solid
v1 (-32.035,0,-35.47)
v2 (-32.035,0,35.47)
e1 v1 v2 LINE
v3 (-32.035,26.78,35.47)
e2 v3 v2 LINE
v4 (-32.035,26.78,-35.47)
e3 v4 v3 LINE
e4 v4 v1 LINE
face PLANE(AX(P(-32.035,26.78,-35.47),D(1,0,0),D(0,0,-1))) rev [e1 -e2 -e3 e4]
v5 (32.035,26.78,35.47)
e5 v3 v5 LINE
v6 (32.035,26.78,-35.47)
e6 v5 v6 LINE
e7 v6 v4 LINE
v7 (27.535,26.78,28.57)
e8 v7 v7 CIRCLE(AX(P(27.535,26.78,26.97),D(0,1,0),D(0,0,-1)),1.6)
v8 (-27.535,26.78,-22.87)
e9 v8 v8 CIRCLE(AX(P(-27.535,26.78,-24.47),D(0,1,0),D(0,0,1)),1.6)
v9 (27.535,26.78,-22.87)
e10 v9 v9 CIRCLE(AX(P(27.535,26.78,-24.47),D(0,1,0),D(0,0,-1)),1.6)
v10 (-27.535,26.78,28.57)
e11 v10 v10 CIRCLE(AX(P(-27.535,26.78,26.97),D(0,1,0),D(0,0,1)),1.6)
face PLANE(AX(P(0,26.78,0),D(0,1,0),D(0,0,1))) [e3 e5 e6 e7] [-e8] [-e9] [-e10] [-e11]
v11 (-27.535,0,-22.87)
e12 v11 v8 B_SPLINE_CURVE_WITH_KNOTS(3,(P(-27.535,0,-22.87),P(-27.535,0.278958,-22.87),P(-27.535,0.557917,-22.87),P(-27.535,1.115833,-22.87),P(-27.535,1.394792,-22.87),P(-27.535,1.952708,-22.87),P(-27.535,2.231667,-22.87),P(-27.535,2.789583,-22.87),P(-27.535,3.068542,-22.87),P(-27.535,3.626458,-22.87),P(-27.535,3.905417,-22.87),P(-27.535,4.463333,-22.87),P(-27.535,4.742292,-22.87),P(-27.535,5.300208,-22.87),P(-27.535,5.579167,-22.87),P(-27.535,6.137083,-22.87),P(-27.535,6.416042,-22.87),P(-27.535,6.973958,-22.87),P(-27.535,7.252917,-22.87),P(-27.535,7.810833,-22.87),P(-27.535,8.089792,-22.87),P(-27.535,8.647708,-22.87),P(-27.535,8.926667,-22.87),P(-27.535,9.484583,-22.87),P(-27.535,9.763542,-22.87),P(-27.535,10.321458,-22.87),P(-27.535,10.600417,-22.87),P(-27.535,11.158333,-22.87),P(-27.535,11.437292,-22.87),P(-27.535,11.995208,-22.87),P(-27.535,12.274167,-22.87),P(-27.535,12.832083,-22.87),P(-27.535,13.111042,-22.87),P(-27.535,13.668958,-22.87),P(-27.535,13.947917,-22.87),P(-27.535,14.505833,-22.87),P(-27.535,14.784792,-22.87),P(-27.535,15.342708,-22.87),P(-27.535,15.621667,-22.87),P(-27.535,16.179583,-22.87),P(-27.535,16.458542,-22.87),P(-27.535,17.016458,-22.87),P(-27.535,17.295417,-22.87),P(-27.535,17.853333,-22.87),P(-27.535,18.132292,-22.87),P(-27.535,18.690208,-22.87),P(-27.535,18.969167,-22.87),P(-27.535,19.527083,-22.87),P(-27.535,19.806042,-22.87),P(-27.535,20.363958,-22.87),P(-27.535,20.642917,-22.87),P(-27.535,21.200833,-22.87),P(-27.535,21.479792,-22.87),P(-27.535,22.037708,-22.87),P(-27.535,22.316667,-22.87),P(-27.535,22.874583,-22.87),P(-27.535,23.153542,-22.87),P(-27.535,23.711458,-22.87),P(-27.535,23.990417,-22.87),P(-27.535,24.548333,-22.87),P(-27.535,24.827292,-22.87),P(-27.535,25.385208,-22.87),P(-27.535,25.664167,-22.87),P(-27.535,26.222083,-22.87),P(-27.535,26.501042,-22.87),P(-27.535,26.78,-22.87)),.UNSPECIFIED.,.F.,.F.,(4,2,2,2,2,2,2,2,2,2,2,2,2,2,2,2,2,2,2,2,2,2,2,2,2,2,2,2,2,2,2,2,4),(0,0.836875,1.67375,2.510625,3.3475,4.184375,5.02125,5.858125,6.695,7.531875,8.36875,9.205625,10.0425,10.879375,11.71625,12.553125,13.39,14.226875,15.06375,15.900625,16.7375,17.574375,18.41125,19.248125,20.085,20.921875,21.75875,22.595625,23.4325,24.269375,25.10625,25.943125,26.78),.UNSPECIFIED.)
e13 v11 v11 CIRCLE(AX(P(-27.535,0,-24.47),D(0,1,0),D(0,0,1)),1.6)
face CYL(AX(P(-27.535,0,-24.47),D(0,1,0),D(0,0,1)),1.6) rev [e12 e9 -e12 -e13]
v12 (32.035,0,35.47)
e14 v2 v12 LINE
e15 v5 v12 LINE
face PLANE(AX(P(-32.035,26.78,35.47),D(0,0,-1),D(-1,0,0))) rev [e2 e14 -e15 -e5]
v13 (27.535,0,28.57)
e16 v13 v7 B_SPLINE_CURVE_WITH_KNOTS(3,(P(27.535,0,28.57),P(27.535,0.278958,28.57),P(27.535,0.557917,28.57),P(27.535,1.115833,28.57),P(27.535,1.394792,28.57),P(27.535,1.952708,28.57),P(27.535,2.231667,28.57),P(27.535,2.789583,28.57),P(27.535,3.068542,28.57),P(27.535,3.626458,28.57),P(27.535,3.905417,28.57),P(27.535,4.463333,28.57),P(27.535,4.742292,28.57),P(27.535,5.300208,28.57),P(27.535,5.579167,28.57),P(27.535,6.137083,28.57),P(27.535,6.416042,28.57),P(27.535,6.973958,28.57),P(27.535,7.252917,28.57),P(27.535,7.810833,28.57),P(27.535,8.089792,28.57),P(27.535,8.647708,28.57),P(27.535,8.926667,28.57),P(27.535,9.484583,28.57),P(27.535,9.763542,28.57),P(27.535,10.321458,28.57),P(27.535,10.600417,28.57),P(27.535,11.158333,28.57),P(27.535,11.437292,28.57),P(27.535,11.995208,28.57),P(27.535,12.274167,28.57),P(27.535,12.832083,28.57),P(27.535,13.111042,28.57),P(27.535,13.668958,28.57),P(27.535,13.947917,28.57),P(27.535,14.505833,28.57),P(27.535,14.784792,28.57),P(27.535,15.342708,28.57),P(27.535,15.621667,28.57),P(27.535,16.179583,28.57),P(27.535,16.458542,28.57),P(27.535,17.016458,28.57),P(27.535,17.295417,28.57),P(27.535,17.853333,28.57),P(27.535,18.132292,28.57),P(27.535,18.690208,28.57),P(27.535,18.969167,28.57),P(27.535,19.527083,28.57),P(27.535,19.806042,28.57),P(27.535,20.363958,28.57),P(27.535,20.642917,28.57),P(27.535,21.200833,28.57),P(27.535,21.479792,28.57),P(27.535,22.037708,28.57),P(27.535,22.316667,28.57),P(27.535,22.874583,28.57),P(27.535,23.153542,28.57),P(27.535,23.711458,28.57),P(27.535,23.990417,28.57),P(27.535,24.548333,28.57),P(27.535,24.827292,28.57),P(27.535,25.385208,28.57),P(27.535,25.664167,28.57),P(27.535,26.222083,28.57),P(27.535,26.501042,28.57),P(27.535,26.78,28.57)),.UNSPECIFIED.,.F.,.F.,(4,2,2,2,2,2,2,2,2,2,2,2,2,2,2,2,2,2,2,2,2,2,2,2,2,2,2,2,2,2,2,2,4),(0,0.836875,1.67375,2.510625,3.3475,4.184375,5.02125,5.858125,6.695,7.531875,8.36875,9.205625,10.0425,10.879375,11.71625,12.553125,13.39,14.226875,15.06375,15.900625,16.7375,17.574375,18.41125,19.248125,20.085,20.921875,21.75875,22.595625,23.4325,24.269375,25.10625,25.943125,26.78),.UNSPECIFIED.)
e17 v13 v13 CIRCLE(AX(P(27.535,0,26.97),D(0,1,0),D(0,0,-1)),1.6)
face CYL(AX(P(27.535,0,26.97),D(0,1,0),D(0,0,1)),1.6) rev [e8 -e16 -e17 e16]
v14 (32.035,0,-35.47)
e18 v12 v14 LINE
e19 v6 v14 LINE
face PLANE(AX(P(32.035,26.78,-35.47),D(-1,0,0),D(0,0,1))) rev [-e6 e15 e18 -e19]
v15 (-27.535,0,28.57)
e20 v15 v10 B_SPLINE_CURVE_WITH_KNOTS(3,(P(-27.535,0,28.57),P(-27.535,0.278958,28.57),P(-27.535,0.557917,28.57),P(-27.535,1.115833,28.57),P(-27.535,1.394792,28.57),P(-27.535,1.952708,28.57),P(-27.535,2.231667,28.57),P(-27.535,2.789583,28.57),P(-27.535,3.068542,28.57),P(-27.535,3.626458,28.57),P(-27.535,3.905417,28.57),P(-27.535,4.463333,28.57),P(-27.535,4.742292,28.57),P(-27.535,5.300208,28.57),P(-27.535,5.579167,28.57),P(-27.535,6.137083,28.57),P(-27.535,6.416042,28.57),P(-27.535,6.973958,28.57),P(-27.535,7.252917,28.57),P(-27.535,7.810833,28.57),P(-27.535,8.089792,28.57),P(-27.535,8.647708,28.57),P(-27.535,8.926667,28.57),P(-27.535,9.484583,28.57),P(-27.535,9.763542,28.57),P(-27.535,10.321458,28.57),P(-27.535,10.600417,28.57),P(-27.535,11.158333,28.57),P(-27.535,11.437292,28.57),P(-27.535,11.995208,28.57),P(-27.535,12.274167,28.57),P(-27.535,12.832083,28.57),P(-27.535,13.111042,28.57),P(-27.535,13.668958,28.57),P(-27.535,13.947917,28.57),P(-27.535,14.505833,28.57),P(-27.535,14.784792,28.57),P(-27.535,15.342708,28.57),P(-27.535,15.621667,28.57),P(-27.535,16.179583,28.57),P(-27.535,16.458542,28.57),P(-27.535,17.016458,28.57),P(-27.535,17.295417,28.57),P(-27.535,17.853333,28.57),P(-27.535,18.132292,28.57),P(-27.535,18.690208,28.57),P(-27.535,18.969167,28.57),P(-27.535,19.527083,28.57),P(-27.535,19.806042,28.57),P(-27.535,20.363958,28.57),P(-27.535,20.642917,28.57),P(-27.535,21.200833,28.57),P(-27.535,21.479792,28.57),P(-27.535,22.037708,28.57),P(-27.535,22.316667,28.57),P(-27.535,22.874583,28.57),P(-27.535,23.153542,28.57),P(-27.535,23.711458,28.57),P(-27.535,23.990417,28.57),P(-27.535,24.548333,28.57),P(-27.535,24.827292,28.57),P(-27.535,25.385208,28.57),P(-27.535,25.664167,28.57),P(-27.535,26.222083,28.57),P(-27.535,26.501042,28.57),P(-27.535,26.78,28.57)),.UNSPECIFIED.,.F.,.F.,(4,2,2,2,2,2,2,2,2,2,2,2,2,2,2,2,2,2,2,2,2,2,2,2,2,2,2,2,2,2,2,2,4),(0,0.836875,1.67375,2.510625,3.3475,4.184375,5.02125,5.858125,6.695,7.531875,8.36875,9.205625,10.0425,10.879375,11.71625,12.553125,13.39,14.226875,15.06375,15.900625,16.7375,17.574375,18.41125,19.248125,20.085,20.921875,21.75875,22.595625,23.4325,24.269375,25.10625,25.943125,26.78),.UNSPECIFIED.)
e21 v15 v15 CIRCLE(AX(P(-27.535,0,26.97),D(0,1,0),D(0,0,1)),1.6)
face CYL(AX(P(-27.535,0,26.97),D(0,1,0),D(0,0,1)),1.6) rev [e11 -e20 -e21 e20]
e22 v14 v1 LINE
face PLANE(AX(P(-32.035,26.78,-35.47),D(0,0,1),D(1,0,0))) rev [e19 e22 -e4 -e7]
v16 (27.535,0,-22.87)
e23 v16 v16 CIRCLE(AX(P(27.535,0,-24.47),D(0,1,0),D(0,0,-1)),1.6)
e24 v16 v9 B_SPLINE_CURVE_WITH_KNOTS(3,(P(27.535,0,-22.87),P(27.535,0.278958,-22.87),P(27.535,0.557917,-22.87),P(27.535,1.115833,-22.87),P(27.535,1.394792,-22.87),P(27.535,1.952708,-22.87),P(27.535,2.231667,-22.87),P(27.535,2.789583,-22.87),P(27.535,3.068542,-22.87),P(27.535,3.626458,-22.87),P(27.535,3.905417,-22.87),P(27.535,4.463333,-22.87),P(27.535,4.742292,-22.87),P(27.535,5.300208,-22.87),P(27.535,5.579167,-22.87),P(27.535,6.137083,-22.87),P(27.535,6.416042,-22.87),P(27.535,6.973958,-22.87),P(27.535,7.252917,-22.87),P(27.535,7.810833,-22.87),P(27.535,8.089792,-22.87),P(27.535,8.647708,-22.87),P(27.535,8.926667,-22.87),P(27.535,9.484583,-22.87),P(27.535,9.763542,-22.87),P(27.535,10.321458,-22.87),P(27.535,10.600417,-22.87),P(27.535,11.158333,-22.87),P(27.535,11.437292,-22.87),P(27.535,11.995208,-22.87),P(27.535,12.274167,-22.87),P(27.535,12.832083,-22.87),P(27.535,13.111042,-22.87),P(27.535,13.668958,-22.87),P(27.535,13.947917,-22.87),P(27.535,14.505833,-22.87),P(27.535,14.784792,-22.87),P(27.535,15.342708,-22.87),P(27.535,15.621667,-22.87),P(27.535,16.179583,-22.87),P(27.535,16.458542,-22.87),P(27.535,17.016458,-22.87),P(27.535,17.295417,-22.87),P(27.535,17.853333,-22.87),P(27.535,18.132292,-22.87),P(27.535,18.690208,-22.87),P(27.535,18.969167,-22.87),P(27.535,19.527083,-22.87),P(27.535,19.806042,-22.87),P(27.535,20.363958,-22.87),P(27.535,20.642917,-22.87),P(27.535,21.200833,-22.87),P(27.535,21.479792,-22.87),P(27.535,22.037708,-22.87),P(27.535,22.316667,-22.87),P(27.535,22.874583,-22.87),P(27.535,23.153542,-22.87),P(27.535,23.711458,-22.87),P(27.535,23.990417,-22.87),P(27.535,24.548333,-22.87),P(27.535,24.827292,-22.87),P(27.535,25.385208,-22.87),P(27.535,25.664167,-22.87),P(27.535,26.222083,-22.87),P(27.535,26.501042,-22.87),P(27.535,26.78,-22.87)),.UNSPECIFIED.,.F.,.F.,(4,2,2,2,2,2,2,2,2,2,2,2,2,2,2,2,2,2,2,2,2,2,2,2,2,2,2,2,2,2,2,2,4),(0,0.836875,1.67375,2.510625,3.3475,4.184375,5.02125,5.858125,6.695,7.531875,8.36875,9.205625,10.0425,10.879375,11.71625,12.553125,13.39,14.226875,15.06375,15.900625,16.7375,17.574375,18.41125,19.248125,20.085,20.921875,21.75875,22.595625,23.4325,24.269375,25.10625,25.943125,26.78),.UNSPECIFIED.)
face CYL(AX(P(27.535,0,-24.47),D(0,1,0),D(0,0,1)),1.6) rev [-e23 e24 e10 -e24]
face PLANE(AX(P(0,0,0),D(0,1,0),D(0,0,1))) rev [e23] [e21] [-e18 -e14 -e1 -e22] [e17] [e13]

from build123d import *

# Parameters (mm, degrees)
SKETCH1_W           = 64.07
SKETCH1_H           = 70.94
BOSS_EXTRUDE1_DEPTH = 26.78
SKETCH4_R           = 1.6
CUT_EXTRUDE1_DEPTH  = 55.786225687


with BuildPart() as part:
    # Sketch1 → Boss-Extrude1 (new body)
    with BuildSketch(Plane(origin=(0, 0, 0), x_dir=(1, 0, 0), z_dir=(0, 1, 0))):
        Rectangle(SKETCH1_W, SKETCH1_H)
    extrude(amount=BOSS_EXTRUDE1_DEPTH)

    # Sketch4 → Cut-Extrude1 (cut, through all)
    with BuildSketch(Plane(origin=(0, 26.78, 0), x_dir=(1, 0, 0), z_dir=(0, 1, 0))):
        with Locations(Location((-27.535, 24.47, 0), (0, 0, 270))):
            Circle(SKETCH4_R)
        with Locations(Location((27.535, 24.47, 0), (0, 0, 270))):
            Circle(SKETCH4_R)
        with Locations(Location((-27.535, -26.97, 0), (0, 0, 270))):
            Circle(SKETCH4_R)
        with Locations(Location((27.535, -26.97, 0), (0, 0, 270))):
            Circle(SKETCH4_R)
    extrude(amount=-CUT_EXTRUDE1_DEPTH, mode=Mode.SUBTRACT)


solid = part.part
